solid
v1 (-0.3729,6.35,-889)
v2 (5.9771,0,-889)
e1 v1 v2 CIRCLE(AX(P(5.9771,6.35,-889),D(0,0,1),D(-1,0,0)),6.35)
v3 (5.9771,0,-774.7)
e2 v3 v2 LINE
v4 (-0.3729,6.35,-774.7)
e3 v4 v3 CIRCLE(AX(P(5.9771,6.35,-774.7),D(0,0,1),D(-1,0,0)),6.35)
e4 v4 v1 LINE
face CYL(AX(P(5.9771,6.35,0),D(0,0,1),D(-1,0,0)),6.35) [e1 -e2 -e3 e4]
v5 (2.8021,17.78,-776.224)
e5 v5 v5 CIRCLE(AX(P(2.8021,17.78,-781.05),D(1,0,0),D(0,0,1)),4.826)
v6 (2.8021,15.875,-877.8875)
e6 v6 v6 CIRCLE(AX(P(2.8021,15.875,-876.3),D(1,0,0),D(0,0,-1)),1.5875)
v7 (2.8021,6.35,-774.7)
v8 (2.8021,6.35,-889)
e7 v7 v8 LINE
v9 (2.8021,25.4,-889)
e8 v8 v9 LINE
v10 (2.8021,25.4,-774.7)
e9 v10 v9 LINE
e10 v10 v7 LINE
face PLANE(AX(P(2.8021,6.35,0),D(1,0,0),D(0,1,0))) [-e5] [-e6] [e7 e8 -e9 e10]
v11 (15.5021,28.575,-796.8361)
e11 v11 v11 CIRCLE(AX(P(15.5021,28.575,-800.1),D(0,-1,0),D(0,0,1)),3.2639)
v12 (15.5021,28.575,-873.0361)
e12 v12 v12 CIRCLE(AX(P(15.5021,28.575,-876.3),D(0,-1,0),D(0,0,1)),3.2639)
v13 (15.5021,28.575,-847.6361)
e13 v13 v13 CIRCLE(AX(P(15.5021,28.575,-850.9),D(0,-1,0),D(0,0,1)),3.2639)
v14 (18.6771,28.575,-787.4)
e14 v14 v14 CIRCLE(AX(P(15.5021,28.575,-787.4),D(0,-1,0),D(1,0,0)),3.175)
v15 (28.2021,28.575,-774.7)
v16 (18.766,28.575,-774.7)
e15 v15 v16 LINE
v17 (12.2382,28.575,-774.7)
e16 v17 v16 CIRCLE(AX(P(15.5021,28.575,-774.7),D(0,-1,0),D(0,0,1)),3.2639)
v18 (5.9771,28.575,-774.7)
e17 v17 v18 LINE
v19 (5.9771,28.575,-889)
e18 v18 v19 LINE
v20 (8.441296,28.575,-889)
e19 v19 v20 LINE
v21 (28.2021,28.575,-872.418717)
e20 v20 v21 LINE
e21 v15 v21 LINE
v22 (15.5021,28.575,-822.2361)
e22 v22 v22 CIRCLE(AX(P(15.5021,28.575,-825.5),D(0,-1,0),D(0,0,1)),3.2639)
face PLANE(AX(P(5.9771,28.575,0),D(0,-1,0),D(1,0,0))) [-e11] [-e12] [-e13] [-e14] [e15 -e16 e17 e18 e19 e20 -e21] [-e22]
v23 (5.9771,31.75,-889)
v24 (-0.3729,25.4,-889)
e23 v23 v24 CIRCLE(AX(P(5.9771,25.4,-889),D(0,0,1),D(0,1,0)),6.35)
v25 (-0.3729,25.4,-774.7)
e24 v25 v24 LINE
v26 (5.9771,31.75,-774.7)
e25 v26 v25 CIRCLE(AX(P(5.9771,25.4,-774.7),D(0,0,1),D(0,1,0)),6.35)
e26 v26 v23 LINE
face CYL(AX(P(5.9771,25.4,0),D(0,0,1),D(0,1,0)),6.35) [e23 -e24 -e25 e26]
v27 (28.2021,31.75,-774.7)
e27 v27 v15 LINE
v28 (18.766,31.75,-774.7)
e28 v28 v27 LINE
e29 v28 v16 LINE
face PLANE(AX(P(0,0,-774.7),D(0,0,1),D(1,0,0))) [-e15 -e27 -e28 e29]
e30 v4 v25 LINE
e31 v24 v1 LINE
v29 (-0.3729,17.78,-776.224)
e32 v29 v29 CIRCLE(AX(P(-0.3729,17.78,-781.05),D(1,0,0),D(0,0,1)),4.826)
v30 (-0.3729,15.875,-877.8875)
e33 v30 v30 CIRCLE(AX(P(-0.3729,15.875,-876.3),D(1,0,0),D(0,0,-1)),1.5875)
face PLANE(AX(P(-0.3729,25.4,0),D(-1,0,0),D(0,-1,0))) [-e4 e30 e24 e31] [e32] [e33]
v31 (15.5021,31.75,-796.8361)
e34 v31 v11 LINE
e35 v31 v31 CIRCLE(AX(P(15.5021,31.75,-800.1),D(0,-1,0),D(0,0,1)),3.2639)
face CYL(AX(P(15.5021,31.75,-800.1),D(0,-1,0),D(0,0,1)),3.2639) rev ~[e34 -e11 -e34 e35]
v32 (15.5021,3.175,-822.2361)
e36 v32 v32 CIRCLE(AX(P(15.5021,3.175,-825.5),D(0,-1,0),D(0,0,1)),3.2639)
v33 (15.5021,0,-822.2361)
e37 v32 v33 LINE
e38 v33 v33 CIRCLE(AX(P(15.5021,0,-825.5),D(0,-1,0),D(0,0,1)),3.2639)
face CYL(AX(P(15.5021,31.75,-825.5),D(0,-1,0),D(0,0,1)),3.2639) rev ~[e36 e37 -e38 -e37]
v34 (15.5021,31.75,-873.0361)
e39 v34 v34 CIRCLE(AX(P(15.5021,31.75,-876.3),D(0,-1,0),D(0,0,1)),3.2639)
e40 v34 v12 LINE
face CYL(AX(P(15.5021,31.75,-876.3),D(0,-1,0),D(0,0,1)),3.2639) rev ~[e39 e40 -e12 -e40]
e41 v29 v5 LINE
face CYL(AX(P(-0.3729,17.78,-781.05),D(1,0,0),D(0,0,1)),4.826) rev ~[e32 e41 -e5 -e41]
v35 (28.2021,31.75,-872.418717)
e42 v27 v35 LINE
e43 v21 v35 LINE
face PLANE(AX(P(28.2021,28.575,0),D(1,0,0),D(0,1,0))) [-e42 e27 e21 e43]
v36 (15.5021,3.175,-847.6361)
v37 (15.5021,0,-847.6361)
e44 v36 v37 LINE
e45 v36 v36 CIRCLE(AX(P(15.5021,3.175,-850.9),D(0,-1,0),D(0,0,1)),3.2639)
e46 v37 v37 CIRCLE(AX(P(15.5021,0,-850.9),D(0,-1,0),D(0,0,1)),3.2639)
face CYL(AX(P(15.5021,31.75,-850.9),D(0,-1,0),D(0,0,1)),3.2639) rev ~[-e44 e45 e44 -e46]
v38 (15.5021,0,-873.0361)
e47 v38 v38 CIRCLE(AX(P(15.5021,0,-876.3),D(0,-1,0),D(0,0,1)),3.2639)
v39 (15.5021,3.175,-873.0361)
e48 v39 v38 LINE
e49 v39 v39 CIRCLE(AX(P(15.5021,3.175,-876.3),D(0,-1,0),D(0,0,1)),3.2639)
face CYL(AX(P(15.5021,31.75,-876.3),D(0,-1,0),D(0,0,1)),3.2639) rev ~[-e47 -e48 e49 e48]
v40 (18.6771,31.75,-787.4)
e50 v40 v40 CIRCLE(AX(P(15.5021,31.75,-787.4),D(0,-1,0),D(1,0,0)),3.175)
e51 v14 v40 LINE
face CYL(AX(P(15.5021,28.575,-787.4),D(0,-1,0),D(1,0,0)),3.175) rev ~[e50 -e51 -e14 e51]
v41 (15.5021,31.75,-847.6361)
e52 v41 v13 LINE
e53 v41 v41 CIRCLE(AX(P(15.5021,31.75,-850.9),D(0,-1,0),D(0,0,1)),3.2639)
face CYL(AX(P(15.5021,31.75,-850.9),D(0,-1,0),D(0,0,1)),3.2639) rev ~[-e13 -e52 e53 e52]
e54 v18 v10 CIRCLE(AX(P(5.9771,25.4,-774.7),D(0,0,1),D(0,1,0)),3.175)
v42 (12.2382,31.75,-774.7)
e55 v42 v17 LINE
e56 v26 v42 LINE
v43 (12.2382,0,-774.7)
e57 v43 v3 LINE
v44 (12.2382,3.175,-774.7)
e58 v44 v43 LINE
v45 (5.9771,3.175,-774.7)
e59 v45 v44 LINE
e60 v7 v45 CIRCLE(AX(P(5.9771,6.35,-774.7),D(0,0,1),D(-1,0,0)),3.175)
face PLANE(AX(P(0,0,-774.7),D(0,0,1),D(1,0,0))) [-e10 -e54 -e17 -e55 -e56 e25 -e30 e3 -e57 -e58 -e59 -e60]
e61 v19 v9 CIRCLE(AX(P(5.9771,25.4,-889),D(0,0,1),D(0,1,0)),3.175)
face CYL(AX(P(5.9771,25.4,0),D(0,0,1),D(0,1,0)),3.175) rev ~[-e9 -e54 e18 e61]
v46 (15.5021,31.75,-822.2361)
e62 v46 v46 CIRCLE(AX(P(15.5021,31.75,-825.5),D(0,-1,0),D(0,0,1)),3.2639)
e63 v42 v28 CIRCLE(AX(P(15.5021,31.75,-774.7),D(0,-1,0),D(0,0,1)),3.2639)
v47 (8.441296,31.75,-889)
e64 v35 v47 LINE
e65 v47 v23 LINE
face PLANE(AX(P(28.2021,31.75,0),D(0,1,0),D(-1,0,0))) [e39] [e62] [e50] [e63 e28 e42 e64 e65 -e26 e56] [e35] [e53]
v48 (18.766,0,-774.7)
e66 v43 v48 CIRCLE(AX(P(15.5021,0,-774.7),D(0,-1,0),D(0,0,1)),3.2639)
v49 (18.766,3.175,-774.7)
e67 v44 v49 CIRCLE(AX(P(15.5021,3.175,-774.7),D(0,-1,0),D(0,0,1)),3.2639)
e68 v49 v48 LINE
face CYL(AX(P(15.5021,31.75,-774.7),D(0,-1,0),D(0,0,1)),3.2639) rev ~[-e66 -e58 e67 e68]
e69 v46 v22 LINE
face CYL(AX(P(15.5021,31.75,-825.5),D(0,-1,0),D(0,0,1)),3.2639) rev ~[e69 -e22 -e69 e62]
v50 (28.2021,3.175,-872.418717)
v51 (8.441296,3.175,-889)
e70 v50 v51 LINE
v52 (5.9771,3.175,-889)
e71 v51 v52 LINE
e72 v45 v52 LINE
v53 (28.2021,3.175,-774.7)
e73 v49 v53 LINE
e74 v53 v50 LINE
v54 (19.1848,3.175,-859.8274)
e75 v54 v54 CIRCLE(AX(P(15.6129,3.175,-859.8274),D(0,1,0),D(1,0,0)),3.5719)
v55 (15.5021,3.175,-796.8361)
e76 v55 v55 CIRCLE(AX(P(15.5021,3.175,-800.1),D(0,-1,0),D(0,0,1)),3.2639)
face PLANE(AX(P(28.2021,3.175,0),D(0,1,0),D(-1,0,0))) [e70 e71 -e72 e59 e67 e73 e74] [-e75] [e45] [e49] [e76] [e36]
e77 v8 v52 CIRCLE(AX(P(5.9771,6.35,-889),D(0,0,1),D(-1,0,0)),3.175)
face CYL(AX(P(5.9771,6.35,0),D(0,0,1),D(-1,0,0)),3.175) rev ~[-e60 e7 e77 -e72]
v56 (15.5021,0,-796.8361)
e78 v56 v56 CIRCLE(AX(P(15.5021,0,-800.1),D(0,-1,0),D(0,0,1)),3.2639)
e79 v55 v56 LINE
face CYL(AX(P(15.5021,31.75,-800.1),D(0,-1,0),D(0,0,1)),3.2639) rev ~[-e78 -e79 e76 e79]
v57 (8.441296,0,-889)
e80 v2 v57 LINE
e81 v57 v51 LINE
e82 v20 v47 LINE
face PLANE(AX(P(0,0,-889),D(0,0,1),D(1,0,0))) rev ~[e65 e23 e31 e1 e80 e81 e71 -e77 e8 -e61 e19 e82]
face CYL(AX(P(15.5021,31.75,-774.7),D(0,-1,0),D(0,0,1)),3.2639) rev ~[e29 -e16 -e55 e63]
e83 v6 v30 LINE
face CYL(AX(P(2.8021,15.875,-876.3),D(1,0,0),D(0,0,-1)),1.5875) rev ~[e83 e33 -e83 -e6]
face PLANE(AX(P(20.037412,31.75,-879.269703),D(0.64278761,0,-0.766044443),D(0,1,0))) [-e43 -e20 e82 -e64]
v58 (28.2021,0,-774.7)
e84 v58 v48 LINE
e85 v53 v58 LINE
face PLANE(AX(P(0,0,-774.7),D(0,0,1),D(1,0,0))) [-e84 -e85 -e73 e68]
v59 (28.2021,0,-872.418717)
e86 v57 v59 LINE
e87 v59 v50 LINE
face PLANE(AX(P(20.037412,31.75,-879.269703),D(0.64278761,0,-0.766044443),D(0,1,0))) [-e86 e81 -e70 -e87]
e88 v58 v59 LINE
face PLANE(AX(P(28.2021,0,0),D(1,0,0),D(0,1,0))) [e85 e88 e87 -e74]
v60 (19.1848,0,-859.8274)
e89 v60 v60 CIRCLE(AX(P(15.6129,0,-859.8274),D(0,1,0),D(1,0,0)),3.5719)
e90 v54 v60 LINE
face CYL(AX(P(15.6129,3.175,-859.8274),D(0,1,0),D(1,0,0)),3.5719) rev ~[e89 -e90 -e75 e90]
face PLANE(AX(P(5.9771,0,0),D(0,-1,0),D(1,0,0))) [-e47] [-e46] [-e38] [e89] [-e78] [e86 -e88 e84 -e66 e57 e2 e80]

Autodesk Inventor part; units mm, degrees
ref_plane "YZ Plane" through (0, 0, 0) normal (1, 0, 0) x (0, 1, 0)
ref_plane "XZ Plane" through (0, 0, 0) normal (0, 1, 0) x (-1, 0, 0)
ref_plane "XY Plane" through (0, 0, 0) normal (0, 0, 1) x (1, 0, 0)
sketch "Sketch1" plane through (0, 0, 0) normal (0, 0, 1) x (1, 0, 0)
  line L0 (5.9771, 0) -> (28.2021, 0)
  line L1 (28.2021, 0) -> (28.2021, 3.175)
  line L2 (28.2021, 3.175) -> (5.9771, 3.175)
  line L3 (2.8021, 6.35) -> (2.8021, 25.4)
  line L4 (5.9771, 28.575) -> (28.2021, 28.575)
  line L5 (28.2021, 28.575) -> (28.2021, 31.75)
  line L6 (28.2021, 31.75) -> (5.9771, 31.75)
  line L7 (-0.3729, 25.4) -> (-0.3729, 6.35)
  arc A0 (5.9771, 28.575) -> (2.8021, 25.4) centre (5.9771, 25.4) ccw
  arc A1 (2.8021, 6.35) -> (5.9771, 3.175) centre (5.9771, 6.35) ccw
  arc A2 (5.9771, 31.75) -> (-0.3729, 25.4) centre (5.9771, 25.4) ccw
  arc A3 (-0.3729, 6.35) -> (5.9771, 0) centre (5.9771, 6.35) ccw
  point P0 (0, 0)
  point P1 (-0.3729, 0)
  point P2 (2.8021, 3.175)
  point P3 (2.8021, 28.575)
  dimension "d0" = 28.575
  dimension "d1" = 3.175
  dimension "d2" = 25.4
  dimension "d3" = 25.4
  dimension "d4" = 3.175
  dimension "d5" = 3.175
  dimension "d6" = 6.35
extrude "Extrusion1" add sketch "Sketch1" against normal blind 889
sketch "Sketch2" plane through (-0.3729, 6.35, 0) normal (-1, 0, 0) x (0, 0, 1)
  line L0 (0, 19.05) -> (-889, 19.05) projected
  line L1 (-228.6, 0) -> (-228.6, 7.9375)
  arc A0 (-228.6, 11.1125) -> (-228.6, 7.9375) centre (-228.6, 9.525) ccw
  line L2 (-228.6, 11.1125) -> (-228.6, 19.05)
  line L3 (-228.6, 19.05) -> (-889, 19.05)
  line L4 (-889, 0) -> (-889, 19.05)
  line L5 (-889, 0) -> (-228.6, 0)
  circle A1 centre (-552.45, 11.43) radius 4.826
  circle A2 centre (-501.65, 11.43) radius 4.826
  circle A3 centre (-387.35, 11.43) radius 4.826
  circle A4 centre (-336.55, 11.43) radius 4.826
  circle A5 centre (-444.5, 7.62) radius 4.826
  circle A6 centre (-730.25, 11.43) radius 4.826
  circle A7 centre (-781.05, 11.43) radius 4.826
  line L6 (0, 25.4) -> (-889, 25.4) construction
  circle A8 centre (-133.35, 11.43) radius 4.826
  circle A9 centre (-82.55, 11.43) radius 4.826
  point P0 (0, -6.35)
  point P1 (-254, 0.852)
  dimension "d10" = 7.62
  dimension "d11" = 3.81
  dimension "d14" = 254
hole "Hole1" at (-0.3729, 17.78, -781.05) at (-0.3729, 17.78, -730.25) at (-0.3729, 17.78, -552.45) at (-0.3729, 17.78, -501.65) at (-0.3729, 13.97, -444.5) at (-0.3729, 17.78, -387.35) at (-0.3729, 17.78, -336.55) at (-0.3729, 17.78, -133.35) at (-0.3729, 17.78, -82.55) direction (1, 0, 0) diameter 9.652 end through all
hole "Hole2" at (-0.3729, 15.875, -228.6) direction (1, 0, 0) diameter 3.175 end through all
sketch "Sketch3" plane through (5.9771, 31.75, 0) normal (0, 1, 0) x (1, 0, 0)
  line L0 (22.225, 889) -> (0, 889) projected
  line L1 (22.225, 0) -> (22.225, 889) projected
  point P0 (-5.9771, 0)
  point P1 (9.525, 876.3)
  dimension "d34" = 12.7
  dimension "d35" = 12.7
hole "Hole3" at (15.5021, 31.75, -876.3) direction (0, -1, 0) diameter 6.5278 end through all
pattern_linear "Rectangular Pattern1" count 35 spacing 25.4 along (0, 0, 1) of "Hole3"
sketch "Sketch4" plane through (0, 0, 0) normal (0, 0, 1) x (1, 0, 0)
  line L0 (28.2021, 0) -> (5.9771, 0) projected
  line L1 (28.2021, 3.175) -> (28.2021, 0) projected
  line L2 (5.9771, 3.175) -> (28.2021, 3.175) projected
  arc A0 (2.8021, 6.35) -> (5.9771, 3.175) centre (5.9771, 6.35) ccw projected
  line L3 (2.8021, 25.4) -> (2.8021, 6.35) projected
  arc A1 (5.9771, 28.575) -> (2.8021, 25.4) centre (5.9771, 25.4) ccw projected
  line L4 (28.2021, 28.575) -> (5.9771, 28.575) projected
  line L5 (28.2021, 31.75) -> (28.2021, 28.575) projected
  line L6 (5.9771, 31.75) -> (28.2021, 31.75) projected
  arc A2 (5.9771, 31.75) -> (-0.3729, 25.4) centre (5.9771, 25.4) ccw projected
  line L7 (-0.3729, 6.35) -> (-0.3729, 25.4) projected
  arc A3 (-0.3729, 6.35) -> (5.9771, 0) centre (5.9771, 6.35) ccw projected
  point P0 (0, 0)
extrude "Extrusion2" cut sketch "Sketch4" against normal blind 774.7
sketch "Sketch5" plane through (15.5021, 3.175, -774.7) normal (0, 1, 0) x (1, 0, 0)
  circle A0 centre (0.1108, 85.1274) radius 3.5719 projected
  circle A1 centre (0.1108, 85.1274) radius 14.2875 construction
  point P0 (-15.5021, -774.7)
extrude "Extrusion3" cut sketch "Sketch5" against normal through all
ref_plane "Work Plane1" through (28.2021, 31.75, -889) normal (0.6428, 0, -0.766) x (0, 1, 0)
sketch "Sketch6" plane through (28.2021, 31.75, -889) normal (0.6428, 0, -0.766) x (0, 1, 0)
  line L0 (-28.575, 73.4706) -> (-31.75, 73.4706) construction
  line L1 (-31.75, 73.4706) -> (-31.75, 0) construction
  line L2 (-31.75, 0) -> (-28.575, 0) construction
  line L3 (-28.575, 73.4706) -> (-28.575, 0) construction
  line L4 (0, 73.4706) -> (-3.175, 73.4706) construction
  line L5 (-3.175, 73.4706) -> (-3.175, 0) construction
  line L6 (-3.175, 0) -> (0, 0) construction
  line L7 (0, 73.4706) -> (0, 0) construction
  line L8 (-31.75, 0) -> (-28.575, 0) projected
  line L9 (-31.75, -17.0253) -> (-31.75, 0) projected
  ellipse E0 centre (-25.4, -17.0253) end of major axis (-19.05, -17.0253) minor radius 4.8644 (-31.75, -17.0253) -> (-25.4, -21.8897) ccw construction
  line L10 (-6.35, -21.8897) -> (-25.4, -21.8897) construction
  ellipse E1 centre (-6.35, -17.0253) end of major axis (-12.7, -17.0253) minor radius 4.8644 (-6.35, -21.8897) -> (0, -17.0253) ccw construction
  line L11 (0, 0) -> (0, -17.0253) projected
  line L12 (-3.175, 0) -> (0, 0) projected
  line L13 (-3.175, -17.0253) -> (-3.175, 0) construction
  ellipse E2 centre (-6.35, -17.0253) end of major axis (-3.175, -17.0253) minor radius 2.4322 (-6.35, -19.4575) -> (-3.175, -17.0253) ccw construction
  line L14 (-25.4, -19.4575) -> (-6.35, -19.4575) construction
  ellipse E3 centre (-25.4, -17.0253) end of major axis (-22.225, -17.0253) minor radius 2.4322 (-28.575, -17.0253) -> (-25.4, -19.4575) ccw construction
  line L15 (-28.575, 0) -> (-28.575, -17.0253) construction
  line L16 (-31.75, 19.05) -> (0, 19.05)
  line L17 (0, 19.05) -> (0, -31.75)
  line L18 (0, -31.75) -> (-31.75, -31.75)
  line L19 (-31.75, -31.75) -> (-31.75, 19.05)
  point P0 (-31.75, 549.8341)
  dimension "d54" = 31.75
  dimension "d55" = 50.8
  dimension "d56" = 19.05
extrude "Extrusion4" cut sketch "Sketch6" against normal blind 12.7
sketch "Sketch7" plane through (2.8021, 6.35, -774.7) normal (1, 0, 0) x (0, 0, -1)
  circle A0 centre (6.35, 11.43) radius 4.826 projected
  circle A1 centre (101.6, 9.525) radius 1.5875
  line L0 (6.35, 11.43) -> (101.6, 9.525) construction
  line L1 (114.3, 9.525) -> (101.6, 9.525) construction
  line L2 (114.3, 0) -> (114.3, 19.05) projected
  point P0 (-774.7, -6.35)
  dimension "d59" = 3.175
  dimension "d60" = 95.269
extrude "Extrusion5" cut sketch "Sketch7" against normal through all contours A1
sketch "Sketch8" plane through (15.5021, 28.575, -774.7) normal (0, -1, 0) x (1, 0, 0)
  circle A0 centre (0, -12.7) radius 3.175 projected
  circle A1 centre (24.765, -101.6) radius 3.175 construction
  circle A2 centre (-24.765, -101.6) radius 3.175 construction
  circle A3 centre (0, -101.6) radius 3.175 construction
  circle A4 centre (-24.765, -12.7) radius 3.175 construction
  circle A5 centre (24.765, -12.7) radius 3.175 construction
  line L0 (-37.465, -111.125) -> (-37.465, -3.175) construction
  line L1 (37.465, -111.125) -> (-37.465, -111.125) construction
  line L2 (37.465, -111.125) -> (37.465, -3.175) construction
  line L3 (-37.465, -3.175) -> (37.465, -3.175) construction
  point P0 (-15.5021, 774.7)
extrude "Extrusion6" cut sketch "Sketch8" against normal through all
equation "\"d35\" = d34"
properties part number "Chassis_Channel_AndyMark (4.5 inch)"
